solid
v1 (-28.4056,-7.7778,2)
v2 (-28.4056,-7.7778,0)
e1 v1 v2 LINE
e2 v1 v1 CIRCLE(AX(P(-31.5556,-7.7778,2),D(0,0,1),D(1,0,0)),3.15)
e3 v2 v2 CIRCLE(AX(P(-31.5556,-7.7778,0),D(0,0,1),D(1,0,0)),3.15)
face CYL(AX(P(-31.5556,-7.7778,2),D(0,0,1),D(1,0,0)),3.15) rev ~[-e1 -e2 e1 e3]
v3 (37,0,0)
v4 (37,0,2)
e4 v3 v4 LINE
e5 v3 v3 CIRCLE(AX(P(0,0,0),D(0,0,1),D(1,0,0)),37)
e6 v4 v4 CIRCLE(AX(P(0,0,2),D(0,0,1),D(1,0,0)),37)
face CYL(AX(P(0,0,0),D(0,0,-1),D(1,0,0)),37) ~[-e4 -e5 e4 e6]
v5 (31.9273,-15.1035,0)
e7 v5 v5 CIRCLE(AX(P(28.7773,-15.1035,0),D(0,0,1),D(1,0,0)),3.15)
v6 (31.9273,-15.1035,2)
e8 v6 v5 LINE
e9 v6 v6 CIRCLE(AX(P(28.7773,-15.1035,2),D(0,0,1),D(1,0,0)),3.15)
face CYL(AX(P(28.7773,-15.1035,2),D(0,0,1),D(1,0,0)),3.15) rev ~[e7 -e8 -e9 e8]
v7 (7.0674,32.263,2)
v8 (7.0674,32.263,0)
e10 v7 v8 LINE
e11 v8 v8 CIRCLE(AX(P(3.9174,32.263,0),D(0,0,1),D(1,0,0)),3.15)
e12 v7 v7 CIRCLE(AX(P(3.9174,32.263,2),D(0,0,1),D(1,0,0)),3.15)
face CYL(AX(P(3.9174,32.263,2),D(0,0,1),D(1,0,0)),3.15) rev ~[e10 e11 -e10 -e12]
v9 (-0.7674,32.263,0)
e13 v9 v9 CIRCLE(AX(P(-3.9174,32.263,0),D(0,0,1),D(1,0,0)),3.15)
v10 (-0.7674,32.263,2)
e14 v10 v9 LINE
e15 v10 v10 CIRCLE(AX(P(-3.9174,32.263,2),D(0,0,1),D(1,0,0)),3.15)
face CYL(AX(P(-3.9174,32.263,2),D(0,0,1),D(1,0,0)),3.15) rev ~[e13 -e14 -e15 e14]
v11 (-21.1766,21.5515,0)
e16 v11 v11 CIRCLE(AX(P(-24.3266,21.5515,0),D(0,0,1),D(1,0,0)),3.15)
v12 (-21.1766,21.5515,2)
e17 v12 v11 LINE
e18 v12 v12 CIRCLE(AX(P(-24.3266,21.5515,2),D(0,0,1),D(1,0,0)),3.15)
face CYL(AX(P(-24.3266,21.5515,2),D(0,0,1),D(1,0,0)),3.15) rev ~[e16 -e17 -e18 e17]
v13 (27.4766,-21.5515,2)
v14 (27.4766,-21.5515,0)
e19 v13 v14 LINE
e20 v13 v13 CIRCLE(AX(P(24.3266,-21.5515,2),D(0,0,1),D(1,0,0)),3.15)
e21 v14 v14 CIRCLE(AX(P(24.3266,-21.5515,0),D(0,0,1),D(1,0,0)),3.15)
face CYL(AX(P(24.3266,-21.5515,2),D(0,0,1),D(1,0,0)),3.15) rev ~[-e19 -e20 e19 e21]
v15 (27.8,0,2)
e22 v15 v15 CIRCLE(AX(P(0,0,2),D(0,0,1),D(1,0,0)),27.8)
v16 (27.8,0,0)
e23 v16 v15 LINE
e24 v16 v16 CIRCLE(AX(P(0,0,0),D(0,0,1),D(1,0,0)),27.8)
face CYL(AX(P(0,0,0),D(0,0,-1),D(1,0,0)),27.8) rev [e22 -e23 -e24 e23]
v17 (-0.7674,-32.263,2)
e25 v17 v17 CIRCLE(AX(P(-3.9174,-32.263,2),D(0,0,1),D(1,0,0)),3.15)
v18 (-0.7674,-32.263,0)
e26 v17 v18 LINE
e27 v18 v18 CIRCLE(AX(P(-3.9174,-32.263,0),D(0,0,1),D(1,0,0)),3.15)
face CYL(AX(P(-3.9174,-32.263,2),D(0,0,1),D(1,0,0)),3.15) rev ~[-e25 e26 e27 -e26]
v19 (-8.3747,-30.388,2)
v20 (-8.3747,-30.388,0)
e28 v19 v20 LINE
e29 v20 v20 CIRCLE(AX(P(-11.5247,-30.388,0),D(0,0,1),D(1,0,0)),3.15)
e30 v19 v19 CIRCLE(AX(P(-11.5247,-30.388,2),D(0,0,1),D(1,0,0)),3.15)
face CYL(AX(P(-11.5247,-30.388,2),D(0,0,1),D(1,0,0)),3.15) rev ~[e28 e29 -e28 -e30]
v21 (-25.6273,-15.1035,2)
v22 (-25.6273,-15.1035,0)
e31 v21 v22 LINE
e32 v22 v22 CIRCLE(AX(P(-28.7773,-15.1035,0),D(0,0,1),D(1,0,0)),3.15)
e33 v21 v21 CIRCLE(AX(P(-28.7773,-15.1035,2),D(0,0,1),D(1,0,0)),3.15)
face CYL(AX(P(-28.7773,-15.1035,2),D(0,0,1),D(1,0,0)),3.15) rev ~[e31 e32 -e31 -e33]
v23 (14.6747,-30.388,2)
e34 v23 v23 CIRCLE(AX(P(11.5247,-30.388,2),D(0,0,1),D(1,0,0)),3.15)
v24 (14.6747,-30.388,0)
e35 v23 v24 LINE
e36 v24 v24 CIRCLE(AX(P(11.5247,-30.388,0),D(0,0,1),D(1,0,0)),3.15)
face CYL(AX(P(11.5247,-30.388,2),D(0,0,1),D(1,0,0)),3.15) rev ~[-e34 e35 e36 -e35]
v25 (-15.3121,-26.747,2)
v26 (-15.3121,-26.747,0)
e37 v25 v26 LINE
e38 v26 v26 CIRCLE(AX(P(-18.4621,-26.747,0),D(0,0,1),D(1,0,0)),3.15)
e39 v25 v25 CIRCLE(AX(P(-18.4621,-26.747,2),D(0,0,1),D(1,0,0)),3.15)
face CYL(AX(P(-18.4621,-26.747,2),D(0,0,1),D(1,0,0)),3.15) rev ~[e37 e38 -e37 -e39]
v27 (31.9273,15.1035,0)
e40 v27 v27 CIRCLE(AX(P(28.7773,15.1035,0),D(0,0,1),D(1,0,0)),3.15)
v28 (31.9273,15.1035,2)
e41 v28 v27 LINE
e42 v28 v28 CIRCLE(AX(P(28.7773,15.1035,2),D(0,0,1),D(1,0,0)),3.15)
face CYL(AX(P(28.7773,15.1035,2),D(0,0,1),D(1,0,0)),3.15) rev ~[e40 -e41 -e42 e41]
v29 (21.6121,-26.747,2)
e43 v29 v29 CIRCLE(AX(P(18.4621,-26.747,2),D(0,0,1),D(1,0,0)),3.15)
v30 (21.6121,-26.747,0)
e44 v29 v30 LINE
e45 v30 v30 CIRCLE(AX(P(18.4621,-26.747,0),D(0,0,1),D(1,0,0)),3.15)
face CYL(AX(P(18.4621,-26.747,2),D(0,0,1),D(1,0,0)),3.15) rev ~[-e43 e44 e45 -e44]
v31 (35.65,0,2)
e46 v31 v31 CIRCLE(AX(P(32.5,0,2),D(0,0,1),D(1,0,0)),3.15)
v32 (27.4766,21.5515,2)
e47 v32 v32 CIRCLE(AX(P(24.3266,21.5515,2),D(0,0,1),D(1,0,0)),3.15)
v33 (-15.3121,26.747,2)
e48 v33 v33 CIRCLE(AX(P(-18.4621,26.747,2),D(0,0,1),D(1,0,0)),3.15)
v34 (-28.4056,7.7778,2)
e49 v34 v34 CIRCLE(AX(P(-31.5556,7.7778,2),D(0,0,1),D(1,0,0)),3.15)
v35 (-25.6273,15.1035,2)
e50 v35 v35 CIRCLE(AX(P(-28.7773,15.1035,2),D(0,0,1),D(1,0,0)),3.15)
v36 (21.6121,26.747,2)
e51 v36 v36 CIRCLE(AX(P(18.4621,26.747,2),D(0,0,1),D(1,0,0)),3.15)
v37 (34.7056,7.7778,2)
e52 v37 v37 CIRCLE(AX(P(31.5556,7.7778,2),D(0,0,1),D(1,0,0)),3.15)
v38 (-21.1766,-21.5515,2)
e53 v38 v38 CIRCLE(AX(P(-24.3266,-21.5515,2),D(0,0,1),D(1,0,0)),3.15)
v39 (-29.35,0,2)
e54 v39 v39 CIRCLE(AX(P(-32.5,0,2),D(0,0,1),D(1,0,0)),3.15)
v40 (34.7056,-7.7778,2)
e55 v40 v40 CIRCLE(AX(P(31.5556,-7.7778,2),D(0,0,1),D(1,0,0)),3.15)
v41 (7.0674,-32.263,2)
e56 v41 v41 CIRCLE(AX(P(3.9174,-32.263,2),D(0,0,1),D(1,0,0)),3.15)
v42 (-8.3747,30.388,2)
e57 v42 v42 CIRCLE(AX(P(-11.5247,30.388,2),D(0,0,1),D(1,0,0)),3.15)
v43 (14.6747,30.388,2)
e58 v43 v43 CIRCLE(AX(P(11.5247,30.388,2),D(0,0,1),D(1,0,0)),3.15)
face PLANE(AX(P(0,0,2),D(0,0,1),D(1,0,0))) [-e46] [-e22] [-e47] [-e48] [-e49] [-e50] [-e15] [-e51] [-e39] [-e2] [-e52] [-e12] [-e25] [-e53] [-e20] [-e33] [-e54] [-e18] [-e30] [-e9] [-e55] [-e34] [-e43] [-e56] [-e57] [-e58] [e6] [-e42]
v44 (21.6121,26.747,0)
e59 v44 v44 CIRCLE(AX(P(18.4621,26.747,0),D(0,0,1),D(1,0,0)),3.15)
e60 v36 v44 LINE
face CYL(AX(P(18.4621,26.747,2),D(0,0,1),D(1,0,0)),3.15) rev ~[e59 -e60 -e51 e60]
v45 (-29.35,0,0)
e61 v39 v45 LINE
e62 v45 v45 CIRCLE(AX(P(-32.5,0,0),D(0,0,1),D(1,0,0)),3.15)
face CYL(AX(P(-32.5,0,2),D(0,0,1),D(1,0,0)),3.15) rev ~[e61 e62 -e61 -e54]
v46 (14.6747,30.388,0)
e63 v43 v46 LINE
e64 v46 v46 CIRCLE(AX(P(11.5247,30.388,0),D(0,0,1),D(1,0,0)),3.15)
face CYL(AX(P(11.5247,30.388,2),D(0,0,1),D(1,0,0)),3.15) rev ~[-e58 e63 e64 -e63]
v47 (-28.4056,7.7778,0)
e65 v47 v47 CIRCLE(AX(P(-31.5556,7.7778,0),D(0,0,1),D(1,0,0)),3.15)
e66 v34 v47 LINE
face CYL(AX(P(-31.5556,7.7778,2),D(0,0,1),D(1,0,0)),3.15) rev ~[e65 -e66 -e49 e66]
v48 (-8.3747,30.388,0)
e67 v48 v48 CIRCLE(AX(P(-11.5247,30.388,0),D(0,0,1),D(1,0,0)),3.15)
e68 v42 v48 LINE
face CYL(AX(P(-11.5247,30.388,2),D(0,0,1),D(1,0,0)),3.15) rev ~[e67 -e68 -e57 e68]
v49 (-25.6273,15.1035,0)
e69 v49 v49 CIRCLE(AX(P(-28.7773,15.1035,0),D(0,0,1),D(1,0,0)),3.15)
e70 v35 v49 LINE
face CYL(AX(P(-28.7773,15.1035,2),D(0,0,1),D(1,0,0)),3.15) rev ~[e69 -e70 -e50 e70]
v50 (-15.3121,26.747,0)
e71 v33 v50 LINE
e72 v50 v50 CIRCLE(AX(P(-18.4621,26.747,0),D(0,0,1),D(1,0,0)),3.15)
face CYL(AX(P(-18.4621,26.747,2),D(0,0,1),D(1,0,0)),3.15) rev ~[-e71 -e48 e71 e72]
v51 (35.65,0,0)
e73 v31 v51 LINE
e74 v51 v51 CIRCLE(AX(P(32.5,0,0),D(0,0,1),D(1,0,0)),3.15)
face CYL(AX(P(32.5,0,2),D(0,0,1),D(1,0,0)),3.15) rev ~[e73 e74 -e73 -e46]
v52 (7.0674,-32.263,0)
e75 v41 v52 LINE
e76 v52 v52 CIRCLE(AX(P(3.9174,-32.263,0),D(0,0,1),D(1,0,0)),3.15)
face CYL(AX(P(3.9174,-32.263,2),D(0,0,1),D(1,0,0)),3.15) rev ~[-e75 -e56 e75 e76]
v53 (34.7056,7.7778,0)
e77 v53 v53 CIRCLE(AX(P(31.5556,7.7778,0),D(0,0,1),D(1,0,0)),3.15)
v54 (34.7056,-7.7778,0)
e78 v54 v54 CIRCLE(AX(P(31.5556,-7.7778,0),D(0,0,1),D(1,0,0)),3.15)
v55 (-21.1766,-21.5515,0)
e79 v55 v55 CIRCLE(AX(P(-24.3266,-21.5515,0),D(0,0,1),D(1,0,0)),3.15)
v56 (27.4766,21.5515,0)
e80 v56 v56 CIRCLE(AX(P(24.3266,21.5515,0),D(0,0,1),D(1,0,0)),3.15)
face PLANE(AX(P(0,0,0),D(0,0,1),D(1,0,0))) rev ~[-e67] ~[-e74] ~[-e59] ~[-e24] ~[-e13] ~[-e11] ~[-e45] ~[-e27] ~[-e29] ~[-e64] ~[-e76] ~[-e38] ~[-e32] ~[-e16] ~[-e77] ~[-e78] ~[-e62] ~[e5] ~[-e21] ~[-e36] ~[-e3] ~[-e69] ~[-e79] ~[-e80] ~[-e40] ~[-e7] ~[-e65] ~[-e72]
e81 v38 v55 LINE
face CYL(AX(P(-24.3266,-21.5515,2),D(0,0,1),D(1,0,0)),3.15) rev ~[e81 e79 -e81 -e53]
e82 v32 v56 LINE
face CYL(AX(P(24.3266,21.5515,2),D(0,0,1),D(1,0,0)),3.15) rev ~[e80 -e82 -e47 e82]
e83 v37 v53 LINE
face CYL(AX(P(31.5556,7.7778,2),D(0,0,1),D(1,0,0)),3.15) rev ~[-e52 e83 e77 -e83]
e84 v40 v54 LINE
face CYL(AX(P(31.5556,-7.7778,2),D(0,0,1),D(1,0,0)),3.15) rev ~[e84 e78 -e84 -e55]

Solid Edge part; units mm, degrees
sketch "Sketch1" plane through (0, 0, 0) normal (0, 0, 1) x (1, 0, 0)
  circle A0 centre (0, 0) radius 37
  circle A1 centre (0, 0) radius 27.8
  dimension "D1" = 74
  dimension "D2" = 55.6
extrude "Protrusion1" add sketch "Sketch1" along normal blind 2
sketch "Sketch2" plane through (0, 0, 2) normal (0, 0, 1) x (1, 0, 0)
  circle A0 centre (-32.5, 0) radius 3.15
  circle A1 centre (-31.5556, 7.7778) radius 3.15
  circle A2 centre (-28.7773, 15.1035) radius 3.15
  circle A3 centre (-24.3266, 21.5515) radius 3.15
  circle A4 centre (-18.4621, 26.747) radius 3.15
  circle A5 centre (-11.5247, 30.388) radius 3.15
  circle A6 centre (-3.9174, 32.263) radius 3.15
  circle A7 centre (3.9174, 32.263) radius 3.15
  circle A8 centre (11.5247, 30.388) radius 3.15
  circle A9 centre (18.4621, 26.747) radius 3.15
  circle A10 centre (24.3266, 21.5515) radius 3.15
  circle A11 centre (28.7773, 15.1035) radius 3.15
  circle A12 centre (31.5556, 7.7778) radius 3.15
  circle A13 centre (32.5, 0) radius 3.15
  circle A14 centre (31.5556, -7.7778) radius 3.15
  circle A15 centre (28.7773, -15.1035) radius 3.15
  circle A16 centre (24.3266, -21.5515) radius 3.15
  circle A17 centre (18.4621, -26.747) radius 3.15
  circle A18 centre (11.5247, -30.388) radius 3.15
  circle A19 centre (3.9174, -32.263) radius 3.15
  circle A20 centre (-3.9174, -32.263) radius 3.15
  circle A21 centre (-11.5247, -30.388) radius 3.15
  circle A22 centre (-18.4621, -26.747) radius 3.15
  circle A23 centre (-24.3266, -21.5515) radius 3.15
  circle A24 centre (-28.7773, -15.1035) radius 3.15
  circle A25 centre (-31.5556, -7.7778) radius 3.15
  dimension "D1" = 6.3
  dimension "D2" = 32.5
extrude "Cutout1" cut sketch "Sketch2" against normal up to next
